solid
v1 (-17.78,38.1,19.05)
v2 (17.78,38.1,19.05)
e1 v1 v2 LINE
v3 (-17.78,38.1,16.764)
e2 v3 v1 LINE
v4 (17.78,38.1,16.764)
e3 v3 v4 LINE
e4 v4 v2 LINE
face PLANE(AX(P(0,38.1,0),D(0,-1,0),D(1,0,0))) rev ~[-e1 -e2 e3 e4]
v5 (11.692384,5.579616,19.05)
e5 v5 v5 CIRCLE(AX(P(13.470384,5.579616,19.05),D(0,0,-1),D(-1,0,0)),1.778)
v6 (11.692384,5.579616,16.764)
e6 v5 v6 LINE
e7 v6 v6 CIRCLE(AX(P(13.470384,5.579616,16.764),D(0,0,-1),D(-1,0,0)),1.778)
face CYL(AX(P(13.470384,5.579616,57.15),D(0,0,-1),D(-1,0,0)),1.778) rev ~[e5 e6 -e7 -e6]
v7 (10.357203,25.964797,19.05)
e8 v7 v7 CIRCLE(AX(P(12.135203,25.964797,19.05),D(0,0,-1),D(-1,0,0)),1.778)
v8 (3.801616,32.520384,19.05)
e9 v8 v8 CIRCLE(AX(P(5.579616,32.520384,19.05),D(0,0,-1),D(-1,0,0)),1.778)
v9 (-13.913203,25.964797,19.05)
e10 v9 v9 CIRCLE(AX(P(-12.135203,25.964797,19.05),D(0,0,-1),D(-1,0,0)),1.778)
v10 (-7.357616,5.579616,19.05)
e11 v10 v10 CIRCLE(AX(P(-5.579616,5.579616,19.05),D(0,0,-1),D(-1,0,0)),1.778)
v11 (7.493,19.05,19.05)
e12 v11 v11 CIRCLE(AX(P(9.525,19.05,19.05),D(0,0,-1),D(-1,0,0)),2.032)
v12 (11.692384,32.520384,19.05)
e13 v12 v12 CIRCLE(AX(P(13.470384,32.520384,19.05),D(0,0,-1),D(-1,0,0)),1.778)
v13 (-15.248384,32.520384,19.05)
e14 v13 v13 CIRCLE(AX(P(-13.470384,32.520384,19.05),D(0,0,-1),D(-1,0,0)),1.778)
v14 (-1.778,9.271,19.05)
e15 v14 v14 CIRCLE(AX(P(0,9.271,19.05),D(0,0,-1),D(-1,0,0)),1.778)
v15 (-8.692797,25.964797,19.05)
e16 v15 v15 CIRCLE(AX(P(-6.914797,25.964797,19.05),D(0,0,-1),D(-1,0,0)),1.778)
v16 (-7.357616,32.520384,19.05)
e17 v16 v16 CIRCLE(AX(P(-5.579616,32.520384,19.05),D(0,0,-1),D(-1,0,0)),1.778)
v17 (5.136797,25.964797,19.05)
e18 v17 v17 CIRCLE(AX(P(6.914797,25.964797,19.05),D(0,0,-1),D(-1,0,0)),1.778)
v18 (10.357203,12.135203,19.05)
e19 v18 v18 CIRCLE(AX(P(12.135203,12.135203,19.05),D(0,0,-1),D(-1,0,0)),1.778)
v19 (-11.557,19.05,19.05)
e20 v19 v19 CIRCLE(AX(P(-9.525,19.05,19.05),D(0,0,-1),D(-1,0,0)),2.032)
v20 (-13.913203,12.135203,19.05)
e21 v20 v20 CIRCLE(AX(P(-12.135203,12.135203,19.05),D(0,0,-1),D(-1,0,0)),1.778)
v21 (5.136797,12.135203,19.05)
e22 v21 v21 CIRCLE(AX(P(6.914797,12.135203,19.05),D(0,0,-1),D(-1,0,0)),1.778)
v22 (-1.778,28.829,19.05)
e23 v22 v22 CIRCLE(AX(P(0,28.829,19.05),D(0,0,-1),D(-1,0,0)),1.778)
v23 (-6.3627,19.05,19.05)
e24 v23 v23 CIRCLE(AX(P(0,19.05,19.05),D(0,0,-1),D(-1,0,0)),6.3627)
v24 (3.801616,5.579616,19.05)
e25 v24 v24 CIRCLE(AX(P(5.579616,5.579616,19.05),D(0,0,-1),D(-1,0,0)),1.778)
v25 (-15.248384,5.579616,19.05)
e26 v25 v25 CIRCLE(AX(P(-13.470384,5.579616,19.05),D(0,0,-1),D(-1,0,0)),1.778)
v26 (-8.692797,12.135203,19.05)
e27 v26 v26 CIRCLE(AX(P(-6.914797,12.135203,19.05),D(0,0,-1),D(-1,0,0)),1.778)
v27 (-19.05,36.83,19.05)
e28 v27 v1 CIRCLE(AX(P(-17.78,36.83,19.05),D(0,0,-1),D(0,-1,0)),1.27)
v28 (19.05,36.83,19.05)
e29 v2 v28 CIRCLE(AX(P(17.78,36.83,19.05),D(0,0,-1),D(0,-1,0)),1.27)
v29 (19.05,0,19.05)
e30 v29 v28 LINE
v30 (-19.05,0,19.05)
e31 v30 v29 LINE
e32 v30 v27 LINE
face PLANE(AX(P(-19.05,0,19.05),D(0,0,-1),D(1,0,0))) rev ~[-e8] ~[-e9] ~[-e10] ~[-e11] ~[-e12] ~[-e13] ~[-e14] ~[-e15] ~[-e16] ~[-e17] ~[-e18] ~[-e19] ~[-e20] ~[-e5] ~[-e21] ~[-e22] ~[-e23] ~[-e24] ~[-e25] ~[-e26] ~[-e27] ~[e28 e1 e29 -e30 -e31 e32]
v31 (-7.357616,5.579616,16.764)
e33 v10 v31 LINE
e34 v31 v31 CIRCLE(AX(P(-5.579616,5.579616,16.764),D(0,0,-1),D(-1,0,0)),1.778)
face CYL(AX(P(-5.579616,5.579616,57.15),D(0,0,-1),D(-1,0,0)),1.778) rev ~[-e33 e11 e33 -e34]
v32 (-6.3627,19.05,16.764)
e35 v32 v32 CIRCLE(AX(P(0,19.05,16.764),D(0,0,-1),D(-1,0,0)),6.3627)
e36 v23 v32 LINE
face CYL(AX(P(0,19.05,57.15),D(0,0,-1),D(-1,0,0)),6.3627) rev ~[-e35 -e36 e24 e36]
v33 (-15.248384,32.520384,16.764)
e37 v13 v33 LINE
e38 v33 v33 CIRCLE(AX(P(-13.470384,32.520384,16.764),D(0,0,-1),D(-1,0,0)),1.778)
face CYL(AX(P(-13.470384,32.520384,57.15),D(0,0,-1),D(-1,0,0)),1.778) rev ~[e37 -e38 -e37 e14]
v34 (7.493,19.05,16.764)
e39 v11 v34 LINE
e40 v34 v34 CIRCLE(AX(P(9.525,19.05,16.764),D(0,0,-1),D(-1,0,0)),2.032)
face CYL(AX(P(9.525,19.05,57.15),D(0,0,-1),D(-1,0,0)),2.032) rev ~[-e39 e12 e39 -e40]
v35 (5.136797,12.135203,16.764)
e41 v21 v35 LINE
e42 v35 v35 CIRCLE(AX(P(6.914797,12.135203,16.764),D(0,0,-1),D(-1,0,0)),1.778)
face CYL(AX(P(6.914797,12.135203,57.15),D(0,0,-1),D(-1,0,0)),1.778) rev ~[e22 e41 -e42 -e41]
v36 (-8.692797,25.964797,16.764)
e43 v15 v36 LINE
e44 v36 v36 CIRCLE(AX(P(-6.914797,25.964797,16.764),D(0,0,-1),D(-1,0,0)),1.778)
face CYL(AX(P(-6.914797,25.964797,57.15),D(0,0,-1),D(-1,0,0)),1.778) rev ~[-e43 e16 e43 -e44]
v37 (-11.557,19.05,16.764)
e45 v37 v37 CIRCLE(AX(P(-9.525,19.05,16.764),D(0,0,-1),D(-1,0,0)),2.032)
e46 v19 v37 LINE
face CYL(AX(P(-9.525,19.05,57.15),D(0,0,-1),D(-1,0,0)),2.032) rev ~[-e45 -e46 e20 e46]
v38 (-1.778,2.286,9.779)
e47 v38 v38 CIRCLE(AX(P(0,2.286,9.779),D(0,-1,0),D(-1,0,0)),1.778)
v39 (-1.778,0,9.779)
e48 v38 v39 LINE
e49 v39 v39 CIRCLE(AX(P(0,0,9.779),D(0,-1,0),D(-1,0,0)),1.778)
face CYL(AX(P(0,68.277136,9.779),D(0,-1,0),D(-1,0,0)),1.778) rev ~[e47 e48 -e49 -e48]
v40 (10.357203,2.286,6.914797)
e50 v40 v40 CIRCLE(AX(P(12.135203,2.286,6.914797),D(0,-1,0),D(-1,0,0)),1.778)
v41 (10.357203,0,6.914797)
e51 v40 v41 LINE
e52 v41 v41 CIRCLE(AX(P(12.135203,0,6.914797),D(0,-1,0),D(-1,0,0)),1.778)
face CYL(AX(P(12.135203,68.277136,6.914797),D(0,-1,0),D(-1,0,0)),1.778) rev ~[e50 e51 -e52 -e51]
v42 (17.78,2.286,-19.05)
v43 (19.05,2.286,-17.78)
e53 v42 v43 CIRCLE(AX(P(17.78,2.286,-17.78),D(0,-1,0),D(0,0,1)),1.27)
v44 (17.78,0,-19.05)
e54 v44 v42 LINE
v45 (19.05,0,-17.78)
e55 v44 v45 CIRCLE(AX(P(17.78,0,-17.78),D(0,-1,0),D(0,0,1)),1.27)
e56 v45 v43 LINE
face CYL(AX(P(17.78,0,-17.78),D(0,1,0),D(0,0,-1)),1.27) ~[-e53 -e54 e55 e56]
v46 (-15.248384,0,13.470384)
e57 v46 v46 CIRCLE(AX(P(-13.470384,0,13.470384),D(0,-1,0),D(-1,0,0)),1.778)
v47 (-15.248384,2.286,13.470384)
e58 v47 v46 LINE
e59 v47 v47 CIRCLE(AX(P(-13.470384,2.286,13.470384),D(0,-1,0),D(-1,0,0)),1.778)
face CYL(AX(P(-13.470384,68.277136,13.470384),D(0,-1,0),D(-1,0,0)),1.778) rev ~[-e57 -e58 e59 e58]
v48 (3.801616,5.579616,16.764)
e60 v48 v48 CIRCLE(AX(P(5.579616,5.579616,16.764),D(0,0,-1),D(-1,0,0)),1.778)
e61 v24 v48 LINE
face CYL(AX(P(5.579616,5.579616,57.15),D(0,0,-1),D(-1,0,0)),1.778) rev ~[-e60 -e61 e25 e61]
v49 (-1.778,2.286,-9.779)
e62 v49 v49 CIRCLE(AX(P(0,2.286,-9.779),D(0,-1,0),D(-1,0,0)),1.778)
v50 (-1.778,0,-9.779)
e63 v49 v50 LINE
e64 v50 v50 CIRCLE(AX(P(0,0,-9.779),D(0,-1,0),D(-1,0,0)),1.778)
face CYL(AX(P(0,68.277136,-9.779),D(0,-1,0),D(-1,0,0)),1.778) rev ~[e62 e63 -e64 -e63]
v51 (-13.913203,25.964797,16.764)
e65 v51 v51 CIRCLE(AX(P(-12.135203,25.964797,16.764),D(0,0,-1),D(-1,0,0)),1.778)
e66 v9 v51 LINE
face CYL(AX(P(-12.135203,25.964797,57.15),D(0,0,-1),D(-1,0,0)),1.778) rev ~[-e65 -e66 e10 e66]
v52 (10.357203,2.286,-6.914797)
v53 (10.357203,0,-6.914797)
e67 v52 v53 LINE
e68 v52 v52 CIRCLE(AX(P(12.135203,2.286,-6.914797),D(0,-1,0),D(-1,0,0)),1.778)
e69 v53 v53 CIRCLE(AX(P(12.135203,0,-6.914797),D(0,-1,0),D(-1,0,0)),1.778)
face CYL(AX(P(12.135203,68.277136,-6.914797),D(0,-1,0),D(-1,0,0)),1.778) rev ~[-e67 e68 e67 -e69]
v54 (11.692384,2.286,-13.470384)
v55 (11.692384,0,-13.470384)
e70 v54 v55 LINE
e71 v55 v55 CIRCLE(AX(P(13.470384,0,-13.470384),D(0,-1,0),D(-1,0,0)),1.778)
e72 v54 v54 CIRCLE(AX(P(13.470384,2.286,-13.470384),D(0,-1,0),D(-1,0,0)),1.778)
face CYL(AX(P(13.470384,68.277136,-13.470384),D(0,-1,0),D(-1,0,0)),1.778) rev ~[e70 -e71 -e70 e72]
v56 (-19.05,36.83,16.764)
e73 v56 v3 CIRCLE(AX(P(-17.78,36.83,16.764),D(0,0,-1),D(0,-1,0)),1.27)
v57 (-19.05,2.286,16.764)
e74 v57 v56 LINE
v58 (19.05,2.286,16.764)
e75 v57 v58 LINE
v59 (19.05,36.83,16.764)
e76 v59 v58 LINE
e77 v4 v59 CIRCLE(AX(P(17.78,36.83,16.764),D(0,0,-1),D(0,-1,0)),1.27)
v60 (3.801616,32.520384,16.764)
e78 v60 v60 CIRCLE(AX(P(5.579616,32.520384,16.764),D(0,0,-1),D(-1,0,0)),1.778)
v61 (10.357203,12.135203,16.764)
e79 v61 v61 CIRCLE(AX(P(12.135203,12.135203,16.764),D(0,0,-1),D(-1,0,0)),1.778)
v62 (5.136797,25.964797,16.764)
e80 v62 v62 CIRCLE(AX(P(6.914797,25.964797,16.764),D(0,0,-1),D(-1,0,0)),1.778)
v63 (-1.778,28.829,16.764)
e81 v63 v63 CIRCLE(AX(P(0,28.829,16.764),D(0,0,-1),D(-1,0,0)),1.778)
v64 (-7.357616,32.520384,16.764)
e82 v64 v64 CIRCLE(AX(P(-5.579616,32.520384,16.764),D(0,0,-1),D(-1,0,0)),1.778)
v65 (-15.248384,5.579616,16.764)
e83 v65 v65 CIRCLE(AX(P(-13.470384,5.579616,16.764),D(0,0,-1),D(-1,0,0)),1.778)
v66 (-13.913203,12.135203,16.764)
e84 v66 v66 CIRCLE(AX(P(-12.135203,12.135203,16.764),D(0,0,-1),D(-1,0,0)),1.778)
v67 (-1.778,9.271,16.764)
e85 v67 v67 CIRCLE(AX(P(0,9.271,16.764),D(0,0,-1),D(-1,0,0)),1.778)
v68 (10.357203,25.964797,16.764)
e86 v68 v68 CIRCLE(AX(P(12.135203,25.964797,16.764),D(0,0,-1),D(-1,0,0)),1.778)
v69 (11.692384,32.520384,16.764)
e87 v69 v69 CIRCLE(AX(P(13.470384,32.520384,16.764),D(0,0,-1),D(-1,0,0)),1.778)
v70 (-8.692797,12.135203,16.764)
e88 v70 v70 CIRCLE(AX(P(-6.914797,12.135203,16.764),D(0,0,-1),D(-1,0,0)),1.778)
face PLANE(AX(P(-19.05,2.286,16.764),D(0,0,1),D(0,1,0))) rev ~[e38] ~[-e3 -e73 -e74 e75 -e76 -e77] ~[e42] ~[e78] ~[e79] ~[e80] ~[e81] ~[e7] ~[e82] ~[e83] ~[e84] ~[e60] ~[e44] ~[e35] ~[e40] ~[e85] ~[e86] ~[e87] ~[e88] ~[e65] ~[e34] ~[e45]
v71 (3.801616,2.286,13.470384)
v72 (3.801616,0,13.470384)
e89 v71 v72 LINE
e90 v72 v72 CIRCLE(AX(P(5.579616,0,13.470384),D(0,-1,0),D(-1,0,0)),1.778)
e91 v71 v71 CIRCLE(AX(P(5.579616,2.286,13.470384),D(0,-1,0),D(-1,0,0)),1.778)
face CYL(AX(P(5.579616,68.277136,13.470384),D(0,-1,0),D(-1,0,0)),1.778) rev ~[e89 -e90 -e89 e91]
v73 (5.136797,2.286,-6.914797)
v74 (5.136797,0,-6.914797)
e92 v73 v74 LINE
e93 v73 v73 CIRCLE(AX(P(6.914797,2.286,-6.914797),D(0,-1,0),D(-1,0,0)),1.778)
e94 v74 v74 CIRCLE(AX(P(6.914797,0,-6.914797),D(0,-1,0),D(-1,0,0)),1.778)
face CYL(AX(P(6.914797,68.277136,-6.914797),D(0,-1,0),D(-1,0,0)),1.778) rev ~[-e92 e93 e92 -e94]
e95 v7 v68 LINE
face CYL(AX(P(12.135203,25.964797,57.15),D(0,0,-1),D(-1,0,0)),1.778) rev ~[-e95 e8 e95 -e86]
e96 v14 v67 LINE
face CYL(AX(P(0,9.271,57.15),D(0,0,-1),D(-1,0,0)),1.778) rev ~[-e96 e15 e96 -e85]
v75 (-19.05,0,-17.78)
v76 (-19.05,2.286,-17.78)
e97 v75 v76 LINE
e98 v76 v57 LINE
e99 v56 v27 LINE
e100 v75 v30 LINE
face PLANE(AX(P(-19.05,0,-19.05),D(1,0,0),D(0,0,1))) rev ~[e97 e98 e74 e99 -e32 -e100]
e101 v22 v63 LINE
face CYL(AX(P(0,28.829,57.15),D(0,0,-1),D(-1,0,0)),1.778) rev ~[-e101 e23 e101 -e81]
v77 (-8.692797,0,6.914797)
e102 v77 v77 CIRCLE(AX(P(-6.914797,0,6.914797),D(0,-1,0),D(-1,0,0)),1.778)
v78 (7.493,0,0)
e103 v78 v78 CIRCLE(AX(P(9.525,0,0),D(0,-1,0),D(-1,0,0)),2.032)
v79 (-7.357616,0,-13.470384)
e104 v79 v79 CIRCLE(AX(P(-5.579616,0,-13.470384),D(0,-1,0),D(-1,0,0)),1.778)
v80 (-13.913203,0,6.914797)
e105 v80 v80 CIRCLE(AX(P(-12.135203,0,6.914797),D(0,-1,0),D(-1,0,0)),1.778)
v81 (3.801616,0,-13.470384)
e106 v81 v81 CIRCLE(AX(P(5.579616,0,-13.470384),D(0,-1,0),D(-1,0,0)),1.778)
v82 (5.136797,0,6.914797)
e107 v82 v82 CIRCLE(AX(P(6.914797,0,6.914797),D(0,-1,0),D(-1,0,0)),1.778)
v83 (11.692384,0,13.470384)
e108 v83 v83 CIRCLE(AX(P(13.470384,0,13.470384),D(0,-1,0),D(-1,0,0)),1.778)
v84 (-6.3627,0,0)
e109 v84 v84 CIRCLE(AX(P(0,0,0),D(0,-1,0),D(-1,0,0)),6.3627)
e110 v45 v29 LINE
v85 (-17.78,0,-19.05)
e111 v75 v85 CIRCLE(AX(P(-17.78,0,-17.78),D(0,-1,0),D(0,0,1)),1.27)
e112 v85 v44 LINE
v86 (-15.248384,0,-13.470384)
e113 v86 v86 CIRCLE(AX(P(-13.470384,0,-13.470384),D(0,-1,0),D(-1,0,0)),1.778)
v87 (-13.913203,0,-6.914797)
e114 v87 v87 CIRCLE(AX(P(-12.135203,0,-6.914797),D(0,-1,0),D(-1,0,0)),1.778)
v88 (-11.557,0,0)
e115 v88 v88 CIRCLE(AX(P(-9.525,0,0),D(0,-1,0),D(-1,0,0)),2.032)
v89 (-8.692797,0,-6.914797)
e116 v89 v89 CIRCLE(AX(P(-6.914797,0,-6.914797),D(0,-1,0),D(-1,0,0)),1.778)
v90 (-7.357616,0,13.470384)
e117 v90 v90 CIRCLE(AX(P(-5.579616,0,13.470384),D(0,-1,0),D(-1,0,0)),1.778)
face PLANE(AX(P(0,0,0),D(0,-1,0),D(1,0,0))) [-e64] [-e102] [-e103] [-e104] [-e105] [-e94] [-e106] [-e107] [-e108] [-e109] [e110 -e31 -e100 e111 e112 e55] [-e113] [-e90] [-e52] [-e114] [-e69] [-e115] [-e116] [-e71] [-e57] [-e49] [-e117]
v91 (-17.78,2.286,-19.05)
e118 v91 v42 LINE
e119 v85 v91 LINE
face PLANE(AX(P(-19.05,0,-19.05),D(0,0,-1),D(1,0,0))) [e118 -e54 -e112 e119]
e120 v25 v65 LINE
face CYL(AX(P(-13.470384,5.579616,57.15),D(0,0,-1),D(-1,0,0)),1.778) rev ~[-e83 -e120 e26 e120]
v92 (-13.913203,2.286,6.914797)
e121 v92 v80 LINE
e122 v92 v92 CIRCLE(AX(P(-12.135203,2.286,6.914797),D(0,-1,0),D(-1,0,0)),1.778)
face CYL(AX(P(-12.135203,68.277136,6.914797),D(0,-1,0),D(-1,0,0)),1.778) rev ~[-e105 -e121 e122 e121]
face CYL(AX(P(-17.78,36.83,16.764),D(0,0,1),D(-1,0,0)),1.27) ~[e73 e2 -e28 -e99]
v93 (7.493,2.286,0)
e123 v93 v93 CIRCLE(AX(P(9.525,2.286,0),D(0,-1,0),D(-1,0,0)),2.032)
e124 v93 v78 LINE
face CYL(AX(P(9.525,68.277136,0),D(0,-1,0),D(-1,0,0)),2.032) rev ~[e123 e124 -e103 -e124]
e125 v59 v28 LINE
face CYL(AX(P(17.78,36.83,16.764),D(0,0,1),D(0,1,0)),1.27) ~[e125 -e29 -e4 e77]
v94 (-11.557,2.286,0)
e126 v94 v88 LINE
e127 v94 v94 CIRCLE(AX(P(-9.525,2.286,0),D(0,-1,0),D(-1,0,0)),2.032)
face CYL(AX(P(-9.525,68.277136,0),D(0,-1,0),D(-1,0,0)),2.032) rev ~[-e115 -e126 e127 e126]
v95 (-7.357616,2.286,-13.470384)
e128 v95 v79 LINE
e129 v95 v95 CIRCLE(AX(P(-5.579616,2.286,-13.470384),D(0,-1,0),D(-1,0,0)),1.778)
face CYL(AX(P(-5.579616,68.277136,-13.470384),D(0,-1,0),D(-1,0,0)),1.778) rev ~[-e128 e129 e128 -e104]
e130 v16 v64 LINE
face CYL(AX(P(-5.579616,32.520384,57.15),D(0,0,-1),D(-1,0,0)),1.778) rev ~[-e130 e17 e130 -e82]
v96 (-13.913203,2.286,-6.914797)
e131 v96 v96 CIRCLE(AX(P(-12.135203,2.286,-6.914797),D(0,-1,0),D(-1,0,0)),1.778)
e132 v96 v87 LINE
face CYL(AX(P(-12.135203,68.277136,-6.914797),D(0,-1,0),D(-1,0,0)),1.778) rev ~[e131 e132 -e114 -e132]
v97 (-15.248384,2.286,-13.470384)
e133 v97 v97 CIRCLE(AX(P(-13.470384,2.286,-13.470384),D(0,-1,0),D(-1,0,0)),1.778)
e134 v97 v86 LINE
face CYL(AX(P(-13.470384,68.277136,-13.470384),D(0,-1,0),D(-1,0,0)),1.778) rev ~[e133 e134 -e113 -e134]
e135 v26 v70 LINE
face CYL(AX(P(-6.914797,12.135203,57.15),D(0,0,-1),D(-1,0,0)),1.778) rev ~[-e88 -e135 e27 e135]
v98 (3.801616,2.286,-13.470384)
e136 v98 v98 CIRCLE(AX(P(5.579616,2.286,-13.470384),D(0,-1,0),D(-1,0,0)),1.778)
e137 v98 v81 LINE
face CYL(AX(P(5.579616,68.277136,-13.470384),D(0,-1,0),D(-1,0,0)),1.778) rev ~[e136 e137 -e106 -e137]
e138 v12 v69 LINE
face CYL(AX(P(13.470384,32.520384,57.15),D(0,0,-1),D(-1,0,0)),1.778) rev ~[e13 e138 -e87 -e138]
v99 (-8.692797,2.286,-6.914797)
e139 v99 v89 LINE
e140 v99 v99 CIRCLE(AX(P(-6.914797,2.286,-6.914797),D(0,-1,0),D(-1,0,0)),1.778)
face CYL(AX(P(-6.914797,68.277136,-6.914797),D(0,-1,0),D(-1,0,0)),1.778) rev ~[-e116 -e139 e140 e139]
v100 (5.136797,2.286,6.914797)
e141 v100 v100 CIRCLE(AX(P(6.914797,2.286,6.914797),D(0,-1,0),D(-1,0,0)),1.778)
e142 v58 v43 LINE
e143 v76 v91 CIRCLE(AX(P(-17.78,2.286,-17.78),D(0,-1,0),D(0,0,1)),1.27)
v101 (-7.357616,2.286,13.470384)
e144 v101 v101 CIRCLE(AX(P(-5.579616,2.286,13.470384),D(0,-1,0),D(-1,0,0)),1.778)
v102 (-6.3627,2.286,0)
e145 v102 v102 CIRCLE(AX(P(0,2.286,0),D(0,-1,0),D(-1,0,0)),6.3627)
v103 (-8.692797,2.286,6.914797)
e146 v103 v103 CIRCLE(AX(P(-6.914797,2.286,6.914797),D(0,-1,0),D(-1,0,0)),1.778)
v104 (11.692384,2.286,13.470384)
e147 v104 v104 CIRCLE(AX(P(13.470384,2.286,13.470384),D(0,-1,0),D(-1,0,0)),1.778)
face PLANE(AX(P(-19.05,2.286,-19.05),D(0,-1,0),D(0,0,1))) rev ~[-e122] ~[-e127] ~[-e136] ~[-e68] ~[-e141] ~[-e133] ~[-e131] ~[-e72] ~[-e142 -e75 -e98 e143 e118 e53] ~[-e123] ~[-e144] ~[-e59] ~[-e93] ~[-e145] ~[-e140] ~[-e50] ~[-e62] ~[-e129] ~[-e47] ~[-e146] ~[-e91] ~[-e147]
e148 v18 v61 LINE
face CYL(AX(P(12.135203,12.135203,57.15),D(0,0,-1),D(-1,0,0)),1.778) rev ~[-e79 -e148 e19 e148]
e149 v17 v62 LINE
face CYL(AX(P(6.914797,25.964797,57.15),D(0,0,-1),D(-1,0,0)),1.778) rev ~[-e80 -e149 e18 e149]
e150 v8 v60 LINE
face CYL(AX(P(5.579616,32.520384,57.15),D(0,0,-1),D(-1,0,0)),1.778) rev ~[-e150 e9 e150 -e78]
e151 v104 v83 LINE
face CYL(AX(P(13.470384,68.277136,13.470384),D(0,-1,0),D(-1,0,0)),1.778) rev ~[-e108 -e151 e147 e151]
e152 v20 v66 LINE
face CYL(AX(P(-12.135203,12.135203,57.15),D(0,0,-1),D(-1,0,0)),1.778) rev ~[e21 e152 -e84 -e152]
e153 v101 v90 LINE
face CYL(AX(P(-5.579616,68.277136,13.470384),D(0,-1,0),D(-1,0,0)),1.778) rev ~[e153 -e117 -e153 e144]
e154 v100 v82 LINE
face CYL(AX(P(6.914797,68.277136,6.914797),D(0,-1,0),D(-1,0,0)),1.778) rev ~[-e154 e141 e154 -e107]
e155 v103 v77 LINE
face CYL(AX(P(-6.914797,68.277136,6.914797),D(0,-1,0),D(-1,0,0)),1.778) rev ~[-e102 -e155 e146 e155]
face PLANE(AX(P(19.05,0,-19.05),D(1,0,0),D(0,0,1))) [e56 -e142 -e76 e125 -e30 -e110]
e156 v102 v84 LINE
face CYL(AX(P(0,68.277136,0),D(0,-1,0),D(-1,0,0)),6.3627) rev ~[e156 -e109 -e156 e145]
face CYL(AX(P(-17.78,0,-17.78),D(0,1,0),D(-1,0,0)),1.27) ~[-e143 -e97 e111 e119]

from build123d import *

# Parameters (mm, degrees)
SKETCH1_W                  = 38.1
SKETCH1_H                  = 38.1
BOSS_EXTRUDE1_DEPTH        = 38.1
SKETCH2_W                  = 35.814
SKETCH2_H                  = 35.814
CUT_EXTRUDE1_DEPTH         = 58.15
HOLE1_D                    = 12.7254
HOLE1_DEPTH                = 38.1
M3_5_CLEARANCE_HOLE1_D     = 4.064
M3_5_CLEARANCE_HOLE1_DEPTH = 38.1
M3_CLEARANCE_HOLE1_D       = 3.556
M3_CLEARANCE_HOLE1_DEPTH   = 38.1
HOLE2_D                    = 12.7254
M3_5_CLEARANCE_HOLE2_D     = 4.064
M3_CLEARANCE_HOLE2_D       = 3.556
FILLET1_R                  = 1.27


with BuildPart() as part:
    # Sketch1 → Boss-Extrude1 (new body)
    with BuildSketch(Plane.XZ):
        Rectangle(SKETCH1_W, SKETCH1_H)
    extrude(amount=-BOSS_EXTRUDE1_DEPTH)

    # Sketch2 → Cut-Extrude1 (cut, through all)
    with BuildSketch(Plane.ZY.offset(19.05)):
        with Locations((-1.143, 20.193)):
            Rectangle(SKETCH2_W, SKETCH2_H)
    extrude(amount=-CUT_EXTRUDE1_DEPTH, mode=Mode.SUBTRACT)

    # Hole1
    with Locations(Plane.XY.offset(19.05)):
        with Locations((0, 19.05)):
            Hole(HOLE1_D / 2, depth=HOLE1_DEPTH)

    # M3.5 Clearance Hole1
    with Locations(Plane.XY.offset(19.05)):
        with Locations((-9.525, 19.05), (9.525, 19.05)):
            Hole(M3_5_CLEARANCE_HOLE1_D / 2, depth=M3_5_CLEARANCE_HOLE1_DEPTH)

    # M3 Clearance Hole1
    with Locations(Plane.XY.offset(19.05)):
        with Locations((12.135202787, 12.135202787), (-5.579615818, 32.520384182), (-12.135202787, 25.964797213), (5.579615818, 32.520384182), (12.135202787, 25.964797213), (13.470384182, 32.520384182), (-13.470384182, 5.579615818), (-13.470384182, 32.520384182), (13.470384182, 5.579615818), (6.914797213, 25.964797213), (6.914797213, 12.135202787), (0, 9.271), (-6.914797213, 12.135202787), (-6.914797213, 25.964797213), (0, 28.829), (-12.135202787, 12.135202787), (-5.579615818, 5.579615818), (5.579615818, 5.579615818)):
            Hole(M3_CLEARANCE_HOLE1_D / 2, depth=M3_CLEARANCE_HOLE1_DEPTH)

    # Hole2 (through all)
    with Locations(Plane(origin=(0, 2.286, 0), x_dir=(1, 0, 0), z_dir=(0, 1, 0))):
        with Locations((0, 0)):
            Hole(HOLE2_D / 2)

    # M3.5 Clearance Hole2 (through all)
    with Locations(Plane(origin=(0, 2.286, 0), x_dir=(1, 0, 0), z_dir=(0, 1, 0))):
        with Locations((-9.525, 0), (9.525, 0)):
            Hole(M3_5_CLEARANCE_HOLE2_D / 2)

    # M3 Clearance Hole2 (through all)
    with Locations(Plane(origin=(0, 2.286, 0), x_dir=(1, 0, 0), z_dir=(0, 1, 0))):
        with Locations((5.579615818, -13.470384182), (12.135202787, -6.914797213), (-5.579615818, -13.470384182), (-12.135202787, -6.914797213), (-5.579615818, 13.470384182), (-12.135202787, 6.914797213), (5.579615818, 13.470384182), (12.135202787, 6.914797213), (-13.470384182, 13.470384182), (13.470384182, -13.470384182), (13.470384182, 13.470384182), (-13.470384182, -13.470384182), (-6.914797213, 6.914797213), (-6.914797213, -6.914797213), (0, -9.779), (6.914797213, -6.914797213), (6.914797213, 6.914797213), (0, 9.779)):
            Hole(M3_CLEARANCE_HOLE2_D / 2)

    # Fillet1
    fillet1_edges = [part.edges().sort_by_distance(p)[0] for p in [
        (19.05, 38.1, 17.907),
        (-19.05, 1.143, -19.05),
        (19.05, 1.143, -19.05),
        (-19.05, 38.1, 17.907),
    ]]
    fillet(fillet1_edges, radius=FILLET1_R)


solid = part.part
